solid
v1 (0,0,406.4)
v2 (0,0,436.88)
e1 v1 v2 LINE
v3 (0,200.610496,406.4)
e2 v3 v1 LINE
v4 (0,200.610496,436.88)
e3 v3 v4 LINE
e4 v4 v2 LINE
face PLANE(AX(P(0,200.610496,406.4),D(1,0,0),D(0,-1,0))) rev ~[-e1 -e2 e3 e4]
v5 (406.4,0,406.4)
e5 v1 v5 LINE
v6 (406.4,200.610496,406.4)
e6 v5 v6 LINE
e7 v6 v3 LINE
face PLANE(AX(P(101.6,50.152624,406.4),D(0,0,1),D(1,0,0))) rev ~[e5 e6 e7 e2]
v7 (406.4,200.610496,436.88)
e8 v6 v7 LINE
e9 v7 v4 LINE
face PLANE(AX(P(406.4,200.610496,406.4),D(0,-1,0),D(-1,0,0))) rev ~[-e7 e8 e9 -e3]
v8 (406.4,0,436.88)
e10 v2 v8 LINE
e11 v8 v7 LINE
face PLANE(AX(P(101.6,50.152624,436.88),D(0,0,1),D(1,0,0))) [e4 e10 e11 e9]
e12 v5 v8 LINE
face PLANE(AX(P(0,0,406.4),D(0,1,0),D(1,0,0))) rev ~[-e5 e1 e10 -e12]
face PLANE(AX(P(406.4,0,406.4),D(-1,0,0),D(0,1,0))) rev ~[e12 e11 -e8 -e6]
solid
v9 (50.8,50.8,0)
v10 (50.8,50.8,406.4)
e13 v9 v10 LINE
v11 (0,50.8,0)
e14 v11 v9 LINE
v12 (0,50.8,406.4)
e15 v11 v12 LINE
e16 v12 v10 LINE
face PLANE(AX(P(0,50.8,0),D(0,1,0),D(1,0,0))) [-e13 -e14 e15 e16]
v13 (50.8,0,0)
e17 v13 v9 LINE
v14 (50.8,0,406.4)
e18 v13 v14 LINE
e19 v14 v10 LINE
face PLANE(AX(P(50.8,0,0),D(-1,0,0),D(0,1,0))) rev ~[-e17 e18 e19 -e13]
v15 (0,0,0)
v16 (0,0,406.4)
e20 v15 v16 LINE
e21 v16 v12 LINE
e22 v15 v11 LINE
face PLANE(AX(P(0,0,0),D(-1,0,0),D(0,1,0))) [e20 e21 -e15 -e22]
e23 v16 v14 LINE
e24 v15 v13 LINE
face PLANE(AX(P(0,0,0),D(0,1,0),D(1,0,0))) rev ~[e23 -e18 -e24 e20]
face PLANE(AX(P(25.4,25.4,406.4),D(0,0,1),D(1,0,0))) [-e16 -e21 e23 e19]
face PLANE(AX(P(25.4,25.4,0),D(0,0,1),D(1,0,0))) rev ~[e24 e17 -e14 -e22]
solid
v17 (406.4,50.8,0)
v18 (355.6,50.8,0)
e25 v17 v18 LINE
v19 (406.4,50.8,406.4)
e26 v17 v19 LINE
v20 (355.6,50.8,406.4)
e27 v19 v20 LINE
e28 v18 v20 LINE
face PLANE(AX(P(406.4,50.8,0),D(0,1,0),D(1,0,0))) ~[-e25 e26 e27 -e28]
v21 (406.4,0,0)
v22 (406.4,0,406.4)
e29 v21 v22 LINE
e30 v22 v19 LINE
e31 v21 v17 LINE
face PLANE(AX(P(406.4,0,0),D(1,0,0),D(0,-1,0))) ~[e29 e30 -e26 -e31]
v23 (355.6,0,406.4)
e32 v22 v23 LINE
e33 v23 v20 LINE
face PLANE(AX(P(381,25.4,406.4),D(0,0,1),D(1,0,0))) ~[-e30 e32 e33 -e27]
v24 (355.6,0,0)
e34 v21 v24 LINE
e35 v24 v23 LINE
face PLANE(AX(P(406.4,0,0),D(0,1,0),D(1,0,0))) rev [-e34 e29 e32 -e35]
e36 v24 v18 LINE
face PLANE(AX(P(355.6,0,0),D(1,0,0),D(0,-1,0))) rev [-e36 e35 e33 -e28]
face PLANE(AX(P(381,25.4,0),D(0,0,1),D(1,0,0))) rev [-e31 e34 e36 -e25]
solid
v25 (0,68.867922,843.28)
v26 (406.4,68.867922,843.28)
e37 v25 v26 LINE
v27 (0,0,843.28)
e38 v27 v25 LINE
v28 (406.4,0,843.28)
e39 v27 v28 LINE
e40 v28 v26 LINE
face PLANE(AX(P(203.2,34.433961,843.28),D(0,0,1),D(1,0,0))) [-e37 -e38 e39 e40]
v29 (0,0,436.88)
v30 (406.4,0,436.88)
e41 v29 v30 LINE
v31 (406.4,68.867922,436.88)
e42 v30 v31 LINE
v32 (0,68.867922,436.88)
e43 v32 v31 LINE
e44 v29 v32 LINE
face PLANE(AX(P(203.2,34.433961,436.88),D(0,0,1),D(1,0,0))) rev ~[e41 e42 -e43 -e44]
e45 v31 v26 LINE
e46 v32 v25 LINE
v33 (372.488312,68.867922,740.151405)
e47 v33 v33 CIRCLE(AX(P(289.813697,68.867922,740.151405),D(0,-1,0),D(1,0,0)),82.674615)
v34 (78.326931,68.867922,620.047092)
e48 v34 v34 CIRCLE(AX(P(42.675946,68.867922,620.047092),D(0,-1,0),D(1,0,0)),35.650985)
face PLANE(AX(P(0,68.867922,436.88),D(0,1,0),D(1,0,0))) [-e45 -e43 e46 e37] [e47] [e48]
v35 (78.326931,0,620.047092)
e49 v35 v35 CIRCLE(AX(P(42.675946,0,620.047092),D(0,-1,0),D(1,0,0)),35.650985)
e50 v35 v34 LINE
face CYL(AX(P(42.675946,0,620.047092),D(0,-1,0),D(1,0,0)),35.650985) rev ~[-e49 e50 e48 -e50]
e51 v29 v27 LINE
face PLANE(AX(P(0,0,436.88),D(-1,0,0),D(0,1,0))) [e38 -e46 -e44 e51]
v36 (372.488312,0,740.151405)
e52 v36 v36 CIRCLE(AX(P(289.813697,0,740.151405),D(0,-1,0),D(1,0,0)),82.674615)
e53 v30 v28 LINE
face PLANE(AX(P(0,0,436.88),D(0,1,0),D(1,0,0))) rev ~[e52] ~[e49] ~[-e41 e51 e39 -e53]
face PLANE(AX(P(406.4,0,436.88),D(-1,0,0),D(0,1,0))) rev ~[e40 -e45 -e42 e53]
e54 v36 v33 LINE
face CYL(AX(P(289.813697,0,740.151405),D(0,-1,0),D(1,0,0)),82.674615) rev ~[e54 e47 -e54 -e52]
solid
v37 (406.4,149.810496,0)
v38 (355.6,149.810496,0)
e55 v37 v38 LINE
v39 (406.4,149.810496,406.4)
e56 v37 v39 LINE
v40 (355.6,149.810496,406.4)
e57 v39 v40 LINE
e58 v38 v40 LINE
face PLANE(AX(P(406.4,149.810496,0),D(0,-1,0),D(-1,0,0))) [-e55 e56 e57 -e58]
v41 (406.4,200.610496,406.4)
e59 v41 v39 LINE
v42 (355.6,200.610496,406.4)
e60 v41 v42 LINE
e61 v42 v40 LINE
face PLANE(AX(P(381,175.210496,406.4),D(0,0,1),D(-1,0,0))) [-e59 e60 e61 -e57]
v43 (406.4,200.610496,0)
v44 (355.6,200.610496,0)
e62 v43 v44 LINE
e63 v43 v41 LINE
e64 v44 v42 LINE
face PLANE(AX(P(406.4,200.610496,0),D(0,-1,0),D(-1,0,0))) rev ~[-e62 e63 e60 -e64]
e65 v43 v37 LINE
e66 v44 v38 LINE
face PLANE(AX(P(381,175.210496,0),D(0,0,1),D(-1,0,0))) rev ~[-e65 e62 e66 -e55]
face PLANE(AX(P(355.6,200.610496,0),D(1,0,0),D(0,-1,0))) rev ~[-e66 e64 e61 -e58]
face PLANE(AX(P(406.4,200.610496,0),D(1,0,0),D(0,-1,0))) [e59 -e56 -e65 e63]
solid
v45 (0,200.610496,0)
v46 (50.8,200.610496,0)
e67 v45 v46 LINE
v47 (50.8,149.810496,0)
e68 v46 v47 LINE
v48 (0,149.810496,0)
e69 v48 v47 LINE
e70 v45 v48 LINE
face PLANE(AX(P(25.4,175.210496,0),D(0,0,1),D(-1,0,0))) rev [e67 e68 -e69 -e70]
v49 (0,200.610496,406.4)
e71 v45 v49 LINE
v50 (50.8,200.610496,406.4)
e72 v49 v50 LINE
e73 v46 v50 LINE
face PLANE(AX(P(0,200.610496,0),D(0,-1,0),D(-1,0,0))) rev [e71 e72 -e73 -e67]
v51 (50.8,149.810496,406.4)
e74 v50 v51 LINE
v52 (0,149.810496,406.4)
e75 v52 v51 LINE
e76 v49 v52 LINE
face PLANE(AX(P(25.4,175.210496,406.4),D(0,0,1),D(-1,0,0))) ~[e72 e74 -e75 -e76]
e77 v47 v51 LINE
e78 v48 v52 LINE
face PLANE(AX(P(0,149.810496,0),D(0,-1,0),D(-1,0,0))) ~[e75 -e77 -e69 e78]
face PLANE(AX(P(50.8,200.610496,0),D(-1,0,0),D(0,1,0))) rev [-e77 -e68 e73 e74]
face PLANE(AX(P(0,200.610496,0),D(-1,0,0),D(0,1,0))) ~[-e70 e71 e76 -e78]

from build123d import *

# Parameters (mm, degrees)
F0_W      = 50.8
F0_H      = 50.8
F1_DEPTH  = 406.4
F2_W      = 203.2
F2_H      = 100.3052477596
F7_DEPTH  = 30.48
F8_W      = 406.4
F8_H      = 68.8679218292
F9_DEPTH  = 406.4
F10_R     = 35.6509847578
F11_DEPTH = 193.04
F10_R_2   = 82.67461481


with BuildPart() as f1:
    # F0 (on Top) → F1 (new body)
    with BuildSketch(Plane.XY):
        with Locations((25.4, 25.4)):
            Rectangle(F0_W, F0_H)
    extrude(amount=F1_DEPTH)


with BuildPart() as f5_1:
    # F5: instance of F1
    add(f1.part.mirror(Plane.YZ.offset(203.2)))


with BuildPart() as f6_1:
    # F6: instance of F5_1
    add(f5_1.part.mirror(Plane.XZ.offset(-100.3052477596)))


with BuildPart() as f6_2:
    # F6: instance of F1
    add(f1.part.mirror(Plane.XZ.offset(-100.3052477596)))


with BuildPart() as f7:
    # F2 (on face) → F7 (new body)
    with BuildSketch(Plane.XY.offset(406.4)):
        with Locations((101.6, 50.1526238798)):
            Rectangle(F2_W, F2_H)
        with Locations((304.8, 50.1526238798)):
            Rectangle(F2_W, F2_H)
        with Locations((101.6, 150.4578716394)):
            Rectangle(F2_W, F2_H)
        with Locations((304.8, 150.4578716394)):
            Rectangle(F2_W, F2_H)
    extrude(amount=F7_DEPTH)


with BuildPart() as f9:
    # F8 (on face) → F9 (new body)
    with BuildSketch(Plane.XY.offset(436.88)):
        with Locations((203.2, 34.4339609146)):
            Rectangle(F8_W, F8_H)
    extrude(amount=F9_DEPTH)


with BuildPart() as f11:
    # F10 (on face) → F11 (new body)
    with BuildSketch(Plane.XZ):
        with Locations((42.6759459078, 620.0470924377)):
            Circle(F10_R)
    extrude(amount=-F11_DEPTH)


with BuildPart() as f11b:
    # F10 (on face) → F11, piece 2 (new body)
    with BuildSketch(Plane.XZ):
        with Locations((289.8136973381, 740.1514053345)):
            Circle(F10_R_2)
    extrude(amount=-F11_DEPTH)


with BuildPart() as f9_1:
    add(f9.part)

    # F12: cut F11b, F11
    add(f11b.part, mode=Mode.SUBTRACT)
    add(f11.part, mode=Mode.SUBTRACT)


solid = Compound([f1.part, f5_1.part, f6_1.part, f6_2.part, f7.part, f9_1.part])
